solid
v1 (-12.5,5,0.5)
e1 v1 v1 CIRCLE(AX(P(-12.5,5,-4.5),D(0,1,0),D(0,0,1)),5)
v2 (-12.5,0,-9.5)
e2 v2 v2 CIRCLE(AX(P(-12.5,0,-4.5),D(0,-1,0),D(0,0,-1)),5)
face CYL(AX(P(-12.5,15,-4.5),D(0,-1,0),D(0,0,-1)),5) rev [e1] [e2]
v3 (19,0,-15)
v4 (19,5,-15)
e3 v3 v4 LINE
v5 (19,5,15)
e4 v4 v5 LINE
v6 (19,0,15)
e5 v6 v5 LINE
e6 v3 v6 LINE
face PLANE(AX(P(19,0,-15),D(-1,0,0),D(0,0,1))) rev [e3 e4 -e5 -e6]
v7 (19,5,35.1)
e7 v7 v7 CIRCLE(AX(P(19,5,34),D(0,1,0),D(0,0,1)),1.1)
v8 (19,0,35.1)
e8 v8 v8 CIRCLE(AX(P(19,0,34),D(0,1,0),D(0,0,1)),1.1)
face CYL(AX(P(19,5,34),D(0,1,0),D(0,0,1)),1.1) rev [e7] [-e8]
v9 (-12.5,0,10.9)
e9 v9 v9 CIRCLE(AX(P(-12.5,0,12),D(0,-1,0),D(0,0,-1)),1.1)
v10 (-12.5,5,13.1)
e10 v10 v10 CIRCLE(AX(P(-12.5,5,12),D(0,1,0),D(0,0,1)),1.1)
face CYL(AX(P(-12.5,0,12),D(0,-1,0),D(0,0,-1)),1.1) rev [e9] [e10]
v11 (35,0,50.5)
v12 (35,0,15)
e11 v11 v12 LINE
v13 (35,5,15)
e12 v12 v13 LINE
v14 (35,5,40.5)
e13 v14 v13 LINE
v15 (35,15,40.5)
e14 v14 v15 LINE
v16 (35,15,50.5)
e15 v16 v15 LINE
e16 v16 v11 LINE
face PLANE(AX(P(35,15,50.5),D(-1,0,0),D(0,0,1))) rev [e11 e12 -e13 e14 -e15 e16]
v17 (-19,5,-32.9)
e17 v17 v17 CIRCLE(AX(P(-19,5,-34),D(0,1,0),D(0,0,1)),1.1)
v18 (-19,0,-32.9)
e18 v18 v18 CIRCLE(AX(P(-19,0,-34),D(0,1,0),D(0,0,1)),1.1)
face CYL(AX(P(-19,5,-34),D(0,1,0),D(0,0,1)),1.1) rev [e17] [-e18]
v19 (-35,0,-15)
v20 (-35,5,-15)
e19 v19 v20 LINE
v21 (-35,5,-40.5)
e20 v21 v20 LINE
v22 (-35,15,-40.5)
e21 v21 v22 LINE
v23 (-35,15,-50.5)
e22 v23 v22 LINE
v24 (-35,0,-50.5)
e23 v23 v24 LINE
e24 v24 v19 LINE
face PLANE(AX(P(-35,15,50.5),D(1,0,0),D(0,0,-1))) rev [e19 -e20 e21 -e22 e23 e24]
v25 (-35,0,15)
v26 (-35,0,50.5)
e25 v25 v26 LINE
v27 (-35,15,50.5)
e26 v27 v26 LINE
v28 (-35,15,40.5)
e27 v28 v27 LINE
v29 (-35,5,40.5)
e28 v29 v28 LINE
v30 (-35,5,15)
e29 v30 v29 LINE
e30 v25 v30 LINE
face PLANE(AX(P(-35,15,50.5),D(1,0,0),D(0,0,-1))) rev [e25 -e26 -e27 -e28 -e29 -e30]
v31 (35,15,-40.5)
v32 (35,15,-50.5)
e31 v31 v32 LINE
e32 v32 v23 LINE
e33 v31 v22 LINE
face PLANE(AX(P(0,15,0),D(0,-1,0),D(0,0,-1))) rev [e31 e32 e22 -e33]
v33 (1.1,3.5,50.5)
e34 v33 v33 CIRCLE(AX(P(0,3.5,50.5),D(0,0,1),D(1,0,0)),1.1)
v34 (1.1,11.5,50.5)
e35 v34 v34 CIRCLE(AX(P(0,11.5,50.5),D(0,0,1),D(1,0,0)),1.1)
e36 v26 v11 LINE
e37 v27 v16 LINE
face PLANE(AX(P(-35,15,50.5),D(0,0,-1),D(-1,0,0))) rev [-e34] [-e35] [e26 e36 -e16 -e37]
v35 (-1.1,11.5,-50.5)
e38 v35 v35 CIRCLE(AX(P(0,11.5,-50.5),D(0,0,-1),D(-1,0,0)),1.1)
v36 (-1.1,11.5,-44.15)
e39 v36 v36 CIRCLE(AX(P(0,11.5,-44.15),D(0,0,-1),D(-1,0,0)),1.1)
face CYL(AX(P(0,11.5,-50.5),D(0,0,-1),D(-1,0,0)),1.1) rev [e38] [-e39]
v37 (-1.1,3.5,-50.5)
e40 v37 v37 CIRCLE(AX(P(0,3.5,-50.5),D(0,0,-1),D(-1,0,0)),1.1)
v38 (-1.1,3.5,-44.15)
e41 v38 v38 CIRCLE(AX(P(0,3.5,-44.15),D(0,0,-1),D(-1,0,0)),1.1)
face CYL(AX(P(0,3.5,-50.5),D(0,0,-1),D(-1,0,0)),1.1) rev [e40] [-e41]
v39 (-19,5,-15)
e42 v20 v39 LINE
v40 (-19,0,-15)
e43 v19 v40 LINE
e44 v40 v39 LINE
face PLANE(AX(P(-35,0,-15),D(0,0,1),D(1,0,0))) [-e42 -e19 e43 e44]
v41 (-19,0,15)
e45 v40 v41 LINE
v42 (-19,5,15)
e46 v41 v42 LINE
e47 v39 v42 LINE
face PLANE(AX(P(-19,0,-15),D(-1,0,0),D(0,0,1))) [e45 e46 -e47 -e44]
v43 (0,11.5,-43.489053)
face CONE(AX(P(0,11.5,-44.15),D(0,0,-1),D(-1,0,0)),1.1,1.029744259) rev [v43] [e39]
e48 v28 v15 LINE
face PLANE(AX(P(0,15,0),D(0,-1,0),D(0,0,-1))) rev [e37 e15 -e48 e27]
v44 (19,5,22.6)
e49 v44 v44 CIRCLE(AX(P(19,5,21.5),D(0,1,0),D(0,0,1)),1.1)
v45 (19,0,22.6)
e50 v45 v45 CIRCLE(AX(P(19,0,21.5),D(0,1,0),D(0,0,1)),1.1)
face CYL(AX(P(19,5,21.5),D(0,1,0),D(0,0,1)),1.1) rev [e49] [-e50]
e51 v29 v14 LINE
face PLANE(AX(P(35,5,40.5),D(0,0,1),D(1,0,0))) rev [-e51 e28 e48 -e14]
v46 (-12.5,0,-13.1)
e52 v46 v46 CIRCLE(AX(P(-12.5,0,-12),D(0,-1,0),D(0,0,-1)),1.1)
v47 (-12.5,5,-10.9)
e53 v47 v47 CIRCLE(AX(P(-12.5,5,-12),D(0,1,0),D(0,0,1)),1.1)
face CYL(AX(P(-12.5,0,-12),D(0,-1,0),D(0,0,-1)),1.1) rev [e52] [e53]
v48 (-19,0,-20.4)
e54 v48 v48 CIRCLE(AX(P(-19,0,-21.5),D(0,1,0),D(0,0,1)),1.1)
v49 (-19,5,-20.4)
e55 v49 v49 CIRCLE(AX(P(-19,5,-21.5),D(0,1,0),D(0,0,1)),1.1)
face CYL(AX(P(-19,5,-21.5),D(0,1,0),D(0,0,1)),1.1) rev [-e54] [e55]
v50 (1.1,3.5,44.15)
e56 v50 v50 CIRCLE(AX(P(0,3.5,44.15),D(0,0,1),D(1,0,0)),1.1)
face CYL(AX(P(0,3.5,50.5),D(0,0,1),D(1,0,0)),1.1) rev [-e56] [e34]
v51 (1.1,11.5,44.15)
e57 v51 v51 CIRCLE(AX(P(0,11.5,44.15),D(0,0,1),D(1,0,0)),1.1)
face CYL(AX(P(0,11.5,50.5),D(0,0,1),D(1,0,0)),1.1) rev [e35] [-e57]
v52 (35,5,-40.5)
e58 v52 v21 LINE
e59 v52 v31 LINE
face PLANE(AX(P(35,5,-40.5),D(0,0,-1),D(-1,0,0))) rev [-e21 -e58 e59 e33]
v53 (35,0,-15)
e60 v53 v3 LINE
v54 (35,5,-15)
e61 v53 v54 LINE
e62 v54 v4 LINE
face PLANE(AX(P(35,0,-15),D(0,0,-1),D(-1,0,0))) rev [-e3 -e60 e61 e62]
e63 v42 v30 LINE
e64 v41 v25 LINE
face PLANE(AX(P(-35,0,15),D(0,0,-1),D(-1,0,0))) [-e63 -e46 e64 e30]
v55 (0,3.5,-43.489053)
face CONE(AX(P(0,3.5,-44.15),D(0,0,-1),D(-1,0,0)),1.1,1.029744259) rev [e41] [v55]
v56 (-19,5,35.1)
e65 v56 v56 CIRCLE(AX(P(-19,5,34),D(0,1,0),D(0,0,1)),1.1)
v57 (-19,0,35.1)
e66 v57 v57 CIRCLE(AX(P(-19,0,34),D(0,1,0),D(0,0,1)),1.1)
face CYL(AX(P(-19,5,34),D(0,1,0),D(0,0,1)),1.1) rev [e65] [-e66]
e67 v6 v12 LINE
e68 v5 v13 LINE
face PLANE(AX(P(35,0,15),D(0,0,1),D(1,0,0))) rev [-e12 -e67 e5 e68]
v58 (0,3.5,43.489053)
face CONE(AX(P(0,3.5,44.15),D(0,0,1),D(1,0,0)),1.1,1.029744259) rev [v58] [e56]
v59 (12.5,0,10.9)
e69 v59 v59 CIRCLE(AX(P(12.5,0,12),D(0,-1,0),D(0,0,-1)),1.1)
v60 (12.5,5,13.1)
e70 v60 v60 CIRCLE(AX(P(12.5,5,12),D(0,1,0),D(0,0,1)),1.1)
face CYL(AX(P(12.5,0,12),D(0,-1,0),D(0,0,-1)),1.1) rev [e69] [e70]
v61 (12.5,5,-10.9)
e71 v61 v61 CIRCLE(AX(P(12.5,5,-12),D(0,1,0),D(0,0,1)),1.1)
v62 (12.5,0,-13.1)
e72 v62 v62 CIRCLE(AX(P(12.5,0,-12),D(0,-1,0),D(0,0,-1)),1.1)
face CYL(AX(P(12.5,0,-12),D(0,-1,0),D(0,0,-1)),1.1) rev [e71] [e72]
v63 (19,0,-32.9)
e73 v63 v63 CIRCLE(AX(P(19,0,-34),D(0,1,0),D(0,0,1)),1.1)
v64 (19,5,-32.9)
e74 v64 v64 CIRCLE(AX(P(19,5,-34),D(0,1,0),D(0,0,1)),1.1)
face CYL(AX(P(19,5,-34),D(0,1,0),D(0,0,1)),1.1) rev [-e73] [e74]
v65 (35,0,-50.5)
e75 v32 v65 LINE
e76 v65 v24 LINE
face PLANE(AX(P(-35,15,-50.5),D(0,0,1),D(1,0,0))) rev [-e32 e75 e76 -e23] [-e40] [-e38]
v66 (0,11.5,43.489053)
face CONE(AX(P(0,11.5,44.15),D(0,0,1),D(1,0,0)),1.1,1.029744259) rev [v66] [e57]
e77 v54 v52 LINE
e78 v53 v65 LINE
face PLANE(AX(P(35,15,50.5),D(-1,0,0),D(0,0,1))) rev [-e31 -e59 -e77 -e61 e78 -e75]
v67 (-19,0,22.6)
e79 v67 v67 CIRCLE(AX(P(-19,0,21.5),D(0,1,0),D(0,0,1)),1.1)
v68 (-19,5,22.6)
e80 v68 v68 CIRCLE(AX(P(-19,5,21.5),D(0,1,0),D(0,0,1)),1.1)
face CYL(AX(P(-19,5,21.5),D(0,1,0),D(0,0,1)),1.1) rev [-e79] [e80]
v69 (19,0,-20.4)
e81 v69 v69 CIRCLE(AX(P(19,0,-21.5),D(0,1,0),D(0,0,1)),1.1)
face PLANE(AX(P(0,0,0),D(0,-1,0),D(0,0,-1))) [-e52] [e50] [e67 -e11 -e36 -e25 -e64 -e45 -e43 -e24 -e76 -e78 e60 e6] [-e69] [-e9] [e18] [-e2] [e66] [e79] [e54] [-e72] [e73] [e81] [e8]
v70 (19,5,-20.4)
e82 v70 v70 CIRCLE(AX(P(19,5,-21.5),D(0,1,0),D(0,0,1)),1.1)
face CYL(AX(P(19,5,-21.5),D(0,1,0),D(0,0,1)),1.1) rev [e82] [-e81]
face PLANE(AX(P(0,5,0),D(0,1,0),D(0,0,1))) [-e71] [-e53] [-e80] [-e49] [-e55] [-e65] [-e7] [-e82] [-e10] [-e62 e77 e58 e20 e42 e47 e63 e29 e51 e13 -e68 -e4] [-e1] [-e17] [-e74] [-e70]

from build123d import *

# Parameters (mm, degrees)
SKETCH_1_W           = 70
SKETCH_1_H           = 101
EXTRUDE_1_DEPTH      = 15
SKETCH_3_W           = 70
SKETCH_3_H           = 81
CUT_EXTRUDE_2_DEPTH  = 10
F_1_0MM_1_AT_2_COUNT = 2
F_1_0MM_1_AT_2_PITCH = 8
SKETCH_7_W           = 16
SKETCH_7_H           = 30
CUT_EXTRUDE_3_DEPTH  = 63.251506006
F_1_0MM_3_D          = 2.2
SKETCH_11_R          = 5
CUT_EXTRUDE_4_DEPTH  = 64.247529596
F_1_0MM_2_D          = 2.2


with BuildPart() as part:
    # 草圖1 → 填料-伸長1 (new body)
    with BuildSketch(Plane(origin=(0, 0, 0), x_dir=(1, 0, 0), z_dir=(0, 1, 0))):
        Rectangle(SKETCH_1_W, SKETCH_1_H)
    extrude(amount=EXTRUDE_1_DEPTH)

    # 草圖3 → 除料-伸長2 (cut)
    with BuildSketch(Plane(origin=(0, 15, 0), x_dir=(1, 0, 0), z_dir=(0, 1, 0))):
        Rectangle(SKETCH_3_W, SKETCH_3_H)
    extrude(amount=-CUT_EXTRUDE_2_DEPTH, mode=Mode.SUBTRACT)

    # 草圖6 → Ø1.0mm 定位孔1 (revolve, cut)
    with BuildSketch(Plane(origin=(0, 3.5, -50.5), x_dir=(0, 1, 0), z_dir=(1, 0, 0))):
        Polygon((0, 0), (0, 7.010946681), (1.1, 6.35), (1.1, 0), align=None)
    f_1_0mm_1 = revolve(axis=Axis((0, 3.5, -56.85), (0, 0, 1)), mode=Mode.SUBTRACT)

    # Ø1.0mm 定位孔1 at 2: Ø1.0mm 定位孔1 ×2
    with Locations(*[(0, i * F_1_0MM_1_AT_2_PITCH, 0) for i in range(1, F_1_0MM_1_AT_2_COUNT)]):
        add(f_1_0mm_1, mode=Mode.SUBTRACT)

    # 鏡射1: Ø1.0mm 定位孔1 across plane
    add(f_1_0mm_1.mirror(Plane.XY), mode=Mode.SUBTRACT)

    # 鏡射1 copy 1 sketch → 鏡射1 copy 1 (revolve, cut)
    with BuildSketch(Plane(origin=(0, 11.5, 50.5), x_dir=(0, 1, 0), z_dir=(1, 0, 0))):
        Polygon((0, 0), (0, -7.010946681), (1.1, -6.35), (1.1, 0), align=None)
    revolve(axis=Axis((0, 11.5, 56.85), (0, 0, 1)), mode=Mode.SUBTRACT)

    # 草圖7 → 除料-伸長3 (cut, through all)
    with BuildSketch(Plane(origin=(0, 5, 0), x_dir=(1, 0, 0), z_dir=(0, 1, 0))):
        with Locations((27, 0)):
            Rectangle(SKETCH_7_W, SKETCH_7_H)
    cut_extrude_3 = extrude(amount=-CUT_EXTRUDE_3_DEPTH, mode=Mode.SUBTRACT)

    # 鏡射2: 除料-伸長3 across plane
    add(cut_extrude_3.mirror(Plane(origin=(0, 0, 0), x_dir=(0, 0, 1), z_dir=(1, 0, 0))), mode=Mode.SUBTRACT)

    # Ø1.0mm 定位孔3 (through all)
    with Locations(Plane(origin=(0, 0, 0), x_dir=(-1, 0, 0), z_dir=(0, -1, 0))):
        with Locations((-12.5, -12), (12.5, -12), (-12.5, 12), (12.5, 12)):
            Hole(F_1_0MM_3_D / 2)

    # 草圖11 → 除料-伸長4 (cut, through all)
    with BuildSketch(Plane.XZ):
        with Locations(Location((-12.5, -4.5, 0), (0, 0, 270))):
            Circle(SKETCH_11_R)
    extrude(amount=-CUT_EXTRUDE_4_DEPTH, mode=Mode.SUBTRACT)

    # Ø1.0mm 定位孔2 (through all)
    with Locations(Plane(origin=(0, 5, 0), x_dir=(1, 0, 0), z_dir=(0, 1, 0))):
        with Locations((-19, 34), (-19, 21.5), (19, 21.5), (19, 34)):
            f_1_0mm_2 = Hole(F_1_0MM_2_D / 2)

    # 鏡射3: Ø1.0mm 定位孔2 across plane
    add(f_1_0mm_2.mirror(Plane.XY), mode=Mode.SUBTRACT)


solid = part.part
